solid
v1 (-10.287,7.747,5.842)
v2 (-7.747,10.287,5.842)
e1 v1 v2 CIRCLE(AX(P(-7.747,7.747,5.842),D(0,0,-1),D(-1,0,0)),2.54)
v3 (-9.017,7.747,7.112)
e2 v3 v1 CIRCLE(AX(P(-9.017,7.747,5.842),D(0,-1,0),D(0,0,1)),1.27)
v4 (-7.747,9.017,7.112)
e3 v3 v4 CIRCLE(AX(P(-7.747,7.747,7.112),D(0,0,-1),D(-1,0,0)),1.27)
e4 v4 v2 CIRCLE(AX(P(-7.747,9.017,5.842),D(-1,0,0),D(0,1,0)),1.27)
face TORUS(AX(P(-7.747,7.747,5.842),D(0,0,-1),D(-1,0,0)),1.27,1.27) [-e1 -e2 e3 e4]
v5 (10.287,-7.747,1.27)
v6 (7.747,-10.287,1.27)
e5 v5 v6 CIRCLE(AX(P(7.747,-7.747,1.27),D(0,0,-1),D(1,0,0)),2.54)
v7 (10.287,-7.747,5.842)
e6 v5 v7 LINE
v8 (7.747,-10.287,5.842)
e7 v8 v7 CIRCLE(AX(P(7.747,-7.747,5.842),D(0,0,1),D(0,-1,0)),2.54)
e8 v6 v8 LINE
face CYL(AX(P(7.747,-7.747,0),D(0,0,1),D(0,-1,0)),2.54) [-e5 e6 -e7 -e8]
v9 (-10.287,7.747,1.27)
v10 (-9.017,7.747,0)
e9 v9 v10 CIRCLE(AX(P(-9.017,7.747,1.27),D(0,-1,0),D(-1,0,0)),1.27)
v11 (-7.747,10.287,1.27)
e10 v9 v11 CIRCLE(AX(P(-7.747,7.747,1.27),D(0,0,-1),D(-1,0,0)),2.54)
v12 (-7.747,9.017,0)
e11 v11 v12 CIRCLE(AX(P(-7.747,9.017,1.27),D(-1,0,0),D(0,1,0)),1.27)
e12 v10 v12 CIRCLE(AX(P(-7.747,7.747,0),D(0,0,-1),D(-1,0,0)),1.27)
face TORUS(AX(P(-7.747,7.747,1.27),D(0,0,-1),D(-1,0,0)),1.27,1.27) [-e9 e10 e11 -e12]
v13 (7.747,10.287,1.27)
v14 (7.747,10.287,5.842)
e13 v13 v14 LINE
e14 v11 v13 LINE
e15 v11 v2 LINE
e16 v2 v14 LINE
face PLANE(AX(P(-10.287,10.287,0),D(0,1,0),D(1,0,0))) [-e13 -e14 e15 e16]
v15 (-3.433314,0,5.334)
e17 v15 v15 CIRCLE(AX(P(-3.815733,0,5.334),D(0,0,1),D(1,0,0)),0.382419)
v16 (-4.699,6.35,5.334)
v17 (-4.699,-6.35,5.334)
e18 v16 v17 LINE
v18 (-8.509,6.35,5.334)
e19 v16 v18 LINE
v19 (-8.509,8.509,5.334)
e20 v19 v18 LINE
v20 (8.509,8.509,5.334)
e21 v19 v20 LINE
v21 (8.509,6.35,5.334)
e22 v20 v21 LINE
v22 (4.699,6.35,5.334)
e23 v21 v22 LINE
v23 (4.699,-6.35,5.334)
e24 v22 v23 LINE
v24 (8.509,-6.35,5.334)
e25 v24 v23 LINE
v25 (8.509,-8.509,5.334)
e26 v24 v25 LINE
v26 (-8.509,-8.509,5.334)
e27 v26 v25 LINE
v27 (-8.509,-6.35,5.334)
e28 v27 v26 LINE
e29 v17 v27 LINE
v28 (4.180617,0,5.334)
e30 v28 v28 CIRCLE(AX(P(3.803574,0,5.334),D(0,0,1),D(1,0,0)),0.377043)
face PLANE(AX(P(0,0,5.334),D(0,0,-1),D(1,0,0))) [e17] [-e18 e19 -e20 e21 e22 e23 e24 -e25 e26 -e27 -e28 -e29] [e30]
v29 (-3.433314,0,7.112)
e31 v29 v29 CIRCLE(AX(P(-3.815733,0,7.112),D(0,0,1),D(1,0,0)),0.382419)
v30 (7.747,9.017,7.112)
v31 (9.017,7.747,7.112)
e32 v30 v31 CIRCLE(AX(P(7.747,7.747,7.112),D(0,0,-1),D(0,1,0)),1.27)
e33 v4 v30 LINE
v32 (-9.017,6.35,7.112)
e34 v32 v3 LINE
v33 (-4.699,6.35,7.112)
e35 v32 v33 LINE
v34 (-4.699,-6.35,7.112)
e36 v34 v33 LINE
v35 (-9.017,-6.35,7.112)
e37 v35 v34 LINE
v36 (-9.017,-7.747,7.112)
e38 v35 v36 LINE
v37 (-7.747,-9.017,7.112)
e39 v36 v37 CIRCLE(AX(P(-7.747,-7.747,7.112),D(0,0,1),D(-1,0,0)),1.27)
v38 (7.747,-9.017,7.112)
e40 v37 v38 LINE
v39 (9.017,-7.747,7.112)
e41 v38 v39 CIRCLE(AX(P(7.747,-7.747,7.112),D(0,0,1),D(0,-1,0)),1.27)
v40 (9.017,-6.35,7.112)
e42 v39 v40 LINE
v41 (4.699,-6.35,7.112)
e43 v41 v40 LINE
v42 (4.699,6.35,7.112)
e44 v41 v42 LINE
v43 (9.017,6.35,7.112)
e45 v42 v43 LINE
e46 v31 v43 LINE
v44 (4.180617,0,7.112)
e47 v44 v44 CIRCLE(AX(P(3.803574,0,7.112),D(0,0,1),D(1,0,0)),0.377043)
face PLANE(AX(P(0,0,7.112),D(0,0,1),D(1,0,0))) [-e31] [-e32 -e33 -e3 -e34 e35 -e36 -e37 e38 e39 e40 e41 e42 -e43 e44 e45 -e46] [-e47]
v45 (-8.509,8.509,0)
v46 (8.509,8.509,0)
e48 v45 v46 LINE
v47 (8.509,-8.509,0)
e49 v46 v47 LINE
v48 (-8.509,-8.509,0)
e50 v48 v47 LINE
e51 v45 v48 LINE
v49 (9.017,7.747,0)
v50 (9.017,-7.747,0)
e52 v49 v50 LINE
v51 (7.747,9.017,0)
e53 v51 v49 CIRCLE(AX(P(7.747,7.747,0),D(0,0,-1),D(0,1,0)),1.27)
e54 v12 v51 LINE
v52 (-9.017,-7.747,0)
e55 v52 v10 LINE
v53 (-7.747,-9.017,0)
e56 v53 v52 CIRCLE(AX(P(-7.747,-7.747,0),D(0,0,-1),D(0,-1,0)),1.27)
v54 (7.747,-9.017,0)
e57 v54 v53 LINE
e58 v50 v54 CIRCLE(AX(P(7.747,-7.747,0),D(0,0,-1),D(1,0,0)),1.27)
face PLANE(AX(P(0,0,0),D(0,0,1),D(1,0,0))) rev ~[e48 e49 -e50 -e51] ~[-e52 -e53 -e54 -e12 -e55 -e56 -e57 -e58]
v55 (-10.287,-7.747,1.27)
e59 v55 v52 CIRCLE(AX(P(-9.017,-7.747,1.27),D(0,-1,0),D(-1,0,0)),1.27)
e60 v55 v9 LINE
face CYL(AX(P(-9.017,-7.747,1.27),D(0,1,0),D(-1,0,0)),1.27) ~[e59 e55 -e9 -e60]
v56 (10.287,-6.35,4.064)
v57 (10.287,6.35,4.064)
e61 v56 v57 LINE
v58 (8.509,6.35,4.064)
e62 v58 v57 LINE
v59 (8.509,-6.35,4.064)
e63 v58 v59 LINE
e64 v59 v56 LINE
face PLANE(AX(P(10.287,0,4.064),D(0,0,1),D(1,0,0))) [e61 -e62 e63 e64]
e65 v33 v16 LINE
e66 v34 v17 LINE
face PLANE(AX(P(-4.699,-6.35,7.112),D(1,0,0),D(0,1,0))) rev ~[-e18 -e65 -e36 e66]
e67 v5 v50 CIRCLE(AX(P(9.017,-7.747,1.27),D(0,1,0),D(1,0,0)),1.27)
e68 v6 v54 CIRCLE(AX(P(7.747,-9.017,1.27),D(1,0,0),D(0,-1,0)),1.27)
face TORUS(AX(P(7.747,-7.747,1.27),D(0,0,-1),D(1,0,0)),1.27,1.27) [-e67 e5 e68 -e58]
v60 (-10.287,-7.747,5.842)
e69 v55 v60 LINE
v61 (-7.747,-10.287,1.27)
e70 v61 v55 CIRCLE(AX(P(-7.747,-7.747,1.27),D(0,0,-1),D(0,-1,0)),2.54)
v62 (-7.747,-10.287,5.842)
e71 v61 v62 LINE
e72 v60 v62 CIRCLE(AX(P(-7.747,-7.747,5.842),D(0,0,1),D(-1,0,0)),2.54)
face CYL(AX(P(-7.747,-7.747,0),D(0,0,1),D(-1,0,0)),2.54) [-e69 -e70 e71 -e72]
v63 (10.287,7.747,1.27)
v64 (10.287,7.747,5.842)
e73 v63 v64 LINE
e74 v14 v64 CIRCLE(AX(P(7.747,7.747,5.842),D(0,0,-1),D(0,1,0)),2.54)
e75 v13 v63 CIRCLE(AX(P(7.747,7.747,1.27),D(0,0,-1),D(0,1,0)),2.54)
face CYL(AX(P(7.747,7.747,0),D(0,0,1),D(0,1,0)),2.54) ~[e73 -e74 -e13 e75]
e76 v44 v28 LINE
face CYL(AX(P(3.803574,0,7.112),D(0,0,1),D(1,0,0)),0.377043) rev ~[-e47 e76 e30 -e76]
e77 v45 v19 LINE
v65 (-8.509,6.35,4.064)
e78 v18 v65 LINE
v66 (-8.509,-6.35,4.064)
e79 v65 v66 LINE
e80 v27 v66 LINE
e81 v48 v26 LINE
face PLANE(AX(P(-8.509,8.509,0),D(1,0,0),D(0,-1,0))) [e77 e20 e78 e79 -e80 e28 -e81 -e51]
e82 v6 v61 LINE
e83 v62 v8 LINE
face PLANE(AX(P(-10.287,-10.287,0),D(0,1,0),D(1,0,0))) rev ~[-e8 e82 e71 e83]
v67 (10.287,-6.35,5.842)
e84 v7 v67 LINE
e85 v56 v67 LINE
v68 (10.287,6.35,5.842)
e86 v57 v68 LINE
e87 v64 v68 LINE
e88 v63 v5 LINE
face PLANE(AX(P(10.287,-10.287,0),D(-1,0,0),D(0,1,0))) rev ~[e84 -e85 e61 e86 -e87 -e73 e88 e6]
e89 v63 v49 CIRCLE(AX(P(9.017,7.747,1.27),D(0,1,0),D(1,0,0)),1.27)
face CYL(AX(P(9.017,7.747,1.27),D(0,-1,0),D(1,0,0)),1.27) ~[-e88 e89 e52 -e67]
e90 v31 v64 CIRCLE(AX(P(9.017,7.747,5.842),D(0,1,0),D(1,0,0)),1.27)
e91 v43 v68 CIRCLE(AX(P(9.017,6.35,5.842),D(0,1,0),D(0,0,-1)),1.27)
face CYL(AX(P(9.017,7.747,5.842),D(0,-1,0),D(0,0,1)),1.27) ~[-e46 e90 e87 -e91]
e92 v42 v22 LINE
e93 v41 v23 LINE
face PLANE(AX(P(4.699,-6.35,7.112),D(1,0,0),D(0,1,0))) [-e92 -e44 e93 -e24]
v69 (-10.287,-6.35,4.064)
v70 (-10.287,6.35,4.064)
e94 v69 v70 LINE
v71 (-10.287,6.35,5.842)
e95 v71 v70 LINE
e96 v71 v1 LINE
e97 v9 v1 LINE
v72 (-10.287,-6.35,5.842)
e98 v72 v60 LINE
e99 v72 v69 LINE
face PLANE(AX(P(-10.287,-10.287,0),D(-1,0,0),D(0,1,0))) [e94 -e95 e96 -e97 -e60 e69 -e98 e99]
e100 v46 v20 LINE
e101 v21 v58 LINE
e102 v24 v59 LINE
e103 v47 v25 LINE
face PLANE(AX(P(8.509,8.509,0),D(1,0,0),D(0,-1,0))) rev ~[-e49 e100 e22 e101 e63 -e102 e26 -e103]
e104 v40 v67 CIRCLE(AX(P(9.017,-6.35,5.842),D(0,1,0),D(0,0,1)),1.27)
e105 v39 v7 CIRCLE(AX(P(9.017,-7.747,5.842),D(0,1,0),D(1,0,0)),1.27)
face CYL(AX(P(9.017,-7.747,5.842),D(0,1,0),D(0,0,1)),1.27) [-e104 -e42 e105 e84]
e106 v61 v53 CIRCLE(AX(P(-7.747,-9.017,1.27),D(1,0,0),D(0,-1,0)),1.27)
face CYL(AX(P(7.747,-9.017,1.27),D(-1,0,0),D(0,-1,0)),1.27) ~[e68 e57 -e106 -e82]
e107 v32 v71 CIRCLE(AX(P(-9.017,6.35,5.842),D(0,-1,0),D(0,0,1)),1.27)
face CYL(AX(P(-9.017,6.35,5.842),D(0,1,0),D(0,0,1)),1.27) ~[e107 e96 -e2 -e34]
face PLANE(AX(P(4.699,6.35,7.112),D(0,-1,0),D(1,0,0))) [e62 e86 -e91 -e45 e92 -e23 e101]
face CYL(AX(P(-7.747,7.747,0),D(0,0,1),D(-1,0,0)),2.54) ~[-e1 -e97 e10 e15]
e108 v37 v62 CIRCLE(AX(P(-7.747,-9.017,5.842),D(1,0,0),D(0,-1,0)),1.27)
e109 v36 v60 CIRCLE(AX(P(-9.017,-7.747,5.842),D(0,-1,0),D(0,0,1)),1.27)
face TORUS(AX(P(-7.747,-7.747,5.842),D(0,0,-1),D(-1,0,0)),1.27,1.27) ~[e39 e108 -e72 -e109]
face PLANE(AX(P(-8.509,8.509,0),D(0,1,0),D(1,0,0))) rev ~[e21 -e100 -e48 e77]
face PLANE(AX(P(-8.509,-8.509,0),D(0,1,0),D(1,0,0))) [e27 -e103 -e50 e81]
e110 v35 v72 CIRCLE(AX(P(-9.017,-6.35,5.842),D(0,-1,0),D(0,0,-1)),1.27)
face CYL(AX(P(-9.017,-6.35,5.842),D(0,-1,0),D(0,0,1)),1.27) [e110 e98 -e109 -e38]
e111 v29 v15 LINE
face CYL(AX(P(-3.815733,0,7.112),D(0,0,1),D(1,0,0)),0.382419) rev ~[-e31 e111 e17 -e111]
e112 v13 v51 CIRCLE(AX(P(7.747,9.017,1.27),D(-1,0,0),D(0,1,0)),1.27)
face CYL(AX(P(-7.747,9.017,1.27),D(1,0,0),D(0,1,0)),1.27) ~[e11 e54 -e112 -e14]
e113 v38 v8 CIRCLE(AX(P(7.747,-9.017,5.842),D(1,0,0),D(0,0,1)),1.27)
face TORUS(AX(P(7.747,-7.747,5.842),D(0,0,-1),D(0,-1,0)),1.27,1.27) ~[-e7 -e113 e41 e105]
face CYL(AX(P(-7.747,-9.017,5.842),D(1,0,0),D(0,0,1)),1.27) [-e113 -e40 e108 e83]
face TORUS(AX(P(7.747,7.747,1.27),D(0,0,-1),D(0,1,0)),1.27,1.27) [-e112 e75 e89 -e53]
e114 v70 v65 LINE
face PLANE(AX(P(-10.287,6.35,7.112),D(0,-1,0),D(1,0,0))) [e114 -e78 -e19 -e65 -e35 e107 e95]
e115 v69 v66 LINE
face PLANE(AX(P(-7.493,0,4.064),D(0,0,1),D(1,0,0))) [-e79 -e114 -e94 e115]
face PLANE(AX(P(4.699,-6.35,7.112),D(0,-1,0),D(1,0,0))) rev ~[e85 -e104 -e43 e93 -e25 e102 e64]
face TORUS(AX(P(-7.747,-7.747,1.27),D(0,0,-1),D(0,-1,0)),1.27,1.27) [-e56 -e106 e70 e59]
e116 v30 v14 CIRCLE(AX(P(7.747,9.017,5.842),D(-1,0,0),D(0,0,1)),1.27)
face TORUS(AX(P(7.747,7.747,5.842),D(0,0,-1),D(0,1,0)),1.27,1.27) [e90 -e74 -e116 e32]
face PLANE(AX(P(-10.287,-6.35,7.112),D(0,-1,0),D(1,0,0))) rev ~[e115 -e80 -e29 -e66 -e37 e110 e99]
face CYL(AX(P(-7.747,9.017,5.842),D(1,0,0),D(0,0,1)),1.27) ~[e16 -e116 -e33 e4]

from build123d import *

# Parameters (mm, degrees)
F0_W      = 20.574
F0_H      = 20.574
F1_DEPTH  = 7.112
F2_W      = 17.018
F2_H      = 17.018
F3_DEPTH  = 5.334
F4_R      = 2.54
F5_W      = 5.588
F5_H      = 12.7
F6_DEPTH  = 3.048
F7_W      = 11.176
F7_H      = 12.7
F8_DEPTH  = 3.048
F9_R      = 0.3824187843
F9_R_2    = 0.3770429502
F10_DEPTH = 1.778
F11_R     = 1.27
F12_R     = 1.27


with BuildPart() as f1:
    # F0 (on Top) → F1 (new body)
    with BuildSketch(Plane.XY):
        Rectangle(F0_W, F0_H)
    extrude(amount=F1_DEPTH)

    # F2 (on face) → F3 (cut)
    with BuildSketch(Plane(origin=(0, 0, 0), x_dir=(1, 0, 0), z_dir=(0, 0, -1))):
        Rectangle(F2_W, F2_H)
    extrude(amount=-F3_DEPTH, mode=Mode.SUBTRACT)

    # F4
    f4_edges = [f1.edges().sort_by_distance(p)[0] for p in [
        (-10.287, -10.287, 3.556),
        (10.287, 10.287, 3.556),
        (10.287, -10.287, 3.556),
        (-10.287, 10.287, 3.556),
    ]]
    fillet(f4_edges, radius=F4_R)

    # F5 (on face) → F6 (cut)
    with BuildSketch(Plane.XY.offset(7.112)):
        with Locations((-7.493, 0)):
            Rectangle(F5_W, F5_H)
    extrude(amount=-F6_DEPTH, mode=Mode.SUBTRACT)

    # F7 (on face) → F8 (cut)
    with BuildSketch(Plane.XY.offset(7.112)):
        with Locations((10.287, 0)):
            Rectangle(F7_W, F7_H)
    extrude(amount=-F8_DEPTH, mode=Mode.SUBTRACT)

    # F9 (on face) → F10 (cut)
    with BuildSketch(Plane.XY.offset(7.112)):
        with Locations((-3.8157331292, 0)):
            Circle(F9_R)
        with Locations((3.8035737816, 0)):
            Circle(F9_R_2)
    extrude(amount=-F10_DEPTH, mode=Mode.SUBTRACT)

    # F11
    f11_edges = [f1.edges().sort_by_distance(p)[0] for p in [
        (0, 10.287, 7.112),
        (0, -10.287, 7.112),
    ]]
    fillet(f11_edges, radius=F11_R)

    # F12
    f12_edges = [f1.edges().sort_by_distance(p)[0] for p in [
        (-10.287, 0, 0),
        (0, 10.287, 0),
        (-9.543051, 9.543051, 0),
    ]]
    fillet(f12_edges, radius=F12_R)


solid = f1.part
